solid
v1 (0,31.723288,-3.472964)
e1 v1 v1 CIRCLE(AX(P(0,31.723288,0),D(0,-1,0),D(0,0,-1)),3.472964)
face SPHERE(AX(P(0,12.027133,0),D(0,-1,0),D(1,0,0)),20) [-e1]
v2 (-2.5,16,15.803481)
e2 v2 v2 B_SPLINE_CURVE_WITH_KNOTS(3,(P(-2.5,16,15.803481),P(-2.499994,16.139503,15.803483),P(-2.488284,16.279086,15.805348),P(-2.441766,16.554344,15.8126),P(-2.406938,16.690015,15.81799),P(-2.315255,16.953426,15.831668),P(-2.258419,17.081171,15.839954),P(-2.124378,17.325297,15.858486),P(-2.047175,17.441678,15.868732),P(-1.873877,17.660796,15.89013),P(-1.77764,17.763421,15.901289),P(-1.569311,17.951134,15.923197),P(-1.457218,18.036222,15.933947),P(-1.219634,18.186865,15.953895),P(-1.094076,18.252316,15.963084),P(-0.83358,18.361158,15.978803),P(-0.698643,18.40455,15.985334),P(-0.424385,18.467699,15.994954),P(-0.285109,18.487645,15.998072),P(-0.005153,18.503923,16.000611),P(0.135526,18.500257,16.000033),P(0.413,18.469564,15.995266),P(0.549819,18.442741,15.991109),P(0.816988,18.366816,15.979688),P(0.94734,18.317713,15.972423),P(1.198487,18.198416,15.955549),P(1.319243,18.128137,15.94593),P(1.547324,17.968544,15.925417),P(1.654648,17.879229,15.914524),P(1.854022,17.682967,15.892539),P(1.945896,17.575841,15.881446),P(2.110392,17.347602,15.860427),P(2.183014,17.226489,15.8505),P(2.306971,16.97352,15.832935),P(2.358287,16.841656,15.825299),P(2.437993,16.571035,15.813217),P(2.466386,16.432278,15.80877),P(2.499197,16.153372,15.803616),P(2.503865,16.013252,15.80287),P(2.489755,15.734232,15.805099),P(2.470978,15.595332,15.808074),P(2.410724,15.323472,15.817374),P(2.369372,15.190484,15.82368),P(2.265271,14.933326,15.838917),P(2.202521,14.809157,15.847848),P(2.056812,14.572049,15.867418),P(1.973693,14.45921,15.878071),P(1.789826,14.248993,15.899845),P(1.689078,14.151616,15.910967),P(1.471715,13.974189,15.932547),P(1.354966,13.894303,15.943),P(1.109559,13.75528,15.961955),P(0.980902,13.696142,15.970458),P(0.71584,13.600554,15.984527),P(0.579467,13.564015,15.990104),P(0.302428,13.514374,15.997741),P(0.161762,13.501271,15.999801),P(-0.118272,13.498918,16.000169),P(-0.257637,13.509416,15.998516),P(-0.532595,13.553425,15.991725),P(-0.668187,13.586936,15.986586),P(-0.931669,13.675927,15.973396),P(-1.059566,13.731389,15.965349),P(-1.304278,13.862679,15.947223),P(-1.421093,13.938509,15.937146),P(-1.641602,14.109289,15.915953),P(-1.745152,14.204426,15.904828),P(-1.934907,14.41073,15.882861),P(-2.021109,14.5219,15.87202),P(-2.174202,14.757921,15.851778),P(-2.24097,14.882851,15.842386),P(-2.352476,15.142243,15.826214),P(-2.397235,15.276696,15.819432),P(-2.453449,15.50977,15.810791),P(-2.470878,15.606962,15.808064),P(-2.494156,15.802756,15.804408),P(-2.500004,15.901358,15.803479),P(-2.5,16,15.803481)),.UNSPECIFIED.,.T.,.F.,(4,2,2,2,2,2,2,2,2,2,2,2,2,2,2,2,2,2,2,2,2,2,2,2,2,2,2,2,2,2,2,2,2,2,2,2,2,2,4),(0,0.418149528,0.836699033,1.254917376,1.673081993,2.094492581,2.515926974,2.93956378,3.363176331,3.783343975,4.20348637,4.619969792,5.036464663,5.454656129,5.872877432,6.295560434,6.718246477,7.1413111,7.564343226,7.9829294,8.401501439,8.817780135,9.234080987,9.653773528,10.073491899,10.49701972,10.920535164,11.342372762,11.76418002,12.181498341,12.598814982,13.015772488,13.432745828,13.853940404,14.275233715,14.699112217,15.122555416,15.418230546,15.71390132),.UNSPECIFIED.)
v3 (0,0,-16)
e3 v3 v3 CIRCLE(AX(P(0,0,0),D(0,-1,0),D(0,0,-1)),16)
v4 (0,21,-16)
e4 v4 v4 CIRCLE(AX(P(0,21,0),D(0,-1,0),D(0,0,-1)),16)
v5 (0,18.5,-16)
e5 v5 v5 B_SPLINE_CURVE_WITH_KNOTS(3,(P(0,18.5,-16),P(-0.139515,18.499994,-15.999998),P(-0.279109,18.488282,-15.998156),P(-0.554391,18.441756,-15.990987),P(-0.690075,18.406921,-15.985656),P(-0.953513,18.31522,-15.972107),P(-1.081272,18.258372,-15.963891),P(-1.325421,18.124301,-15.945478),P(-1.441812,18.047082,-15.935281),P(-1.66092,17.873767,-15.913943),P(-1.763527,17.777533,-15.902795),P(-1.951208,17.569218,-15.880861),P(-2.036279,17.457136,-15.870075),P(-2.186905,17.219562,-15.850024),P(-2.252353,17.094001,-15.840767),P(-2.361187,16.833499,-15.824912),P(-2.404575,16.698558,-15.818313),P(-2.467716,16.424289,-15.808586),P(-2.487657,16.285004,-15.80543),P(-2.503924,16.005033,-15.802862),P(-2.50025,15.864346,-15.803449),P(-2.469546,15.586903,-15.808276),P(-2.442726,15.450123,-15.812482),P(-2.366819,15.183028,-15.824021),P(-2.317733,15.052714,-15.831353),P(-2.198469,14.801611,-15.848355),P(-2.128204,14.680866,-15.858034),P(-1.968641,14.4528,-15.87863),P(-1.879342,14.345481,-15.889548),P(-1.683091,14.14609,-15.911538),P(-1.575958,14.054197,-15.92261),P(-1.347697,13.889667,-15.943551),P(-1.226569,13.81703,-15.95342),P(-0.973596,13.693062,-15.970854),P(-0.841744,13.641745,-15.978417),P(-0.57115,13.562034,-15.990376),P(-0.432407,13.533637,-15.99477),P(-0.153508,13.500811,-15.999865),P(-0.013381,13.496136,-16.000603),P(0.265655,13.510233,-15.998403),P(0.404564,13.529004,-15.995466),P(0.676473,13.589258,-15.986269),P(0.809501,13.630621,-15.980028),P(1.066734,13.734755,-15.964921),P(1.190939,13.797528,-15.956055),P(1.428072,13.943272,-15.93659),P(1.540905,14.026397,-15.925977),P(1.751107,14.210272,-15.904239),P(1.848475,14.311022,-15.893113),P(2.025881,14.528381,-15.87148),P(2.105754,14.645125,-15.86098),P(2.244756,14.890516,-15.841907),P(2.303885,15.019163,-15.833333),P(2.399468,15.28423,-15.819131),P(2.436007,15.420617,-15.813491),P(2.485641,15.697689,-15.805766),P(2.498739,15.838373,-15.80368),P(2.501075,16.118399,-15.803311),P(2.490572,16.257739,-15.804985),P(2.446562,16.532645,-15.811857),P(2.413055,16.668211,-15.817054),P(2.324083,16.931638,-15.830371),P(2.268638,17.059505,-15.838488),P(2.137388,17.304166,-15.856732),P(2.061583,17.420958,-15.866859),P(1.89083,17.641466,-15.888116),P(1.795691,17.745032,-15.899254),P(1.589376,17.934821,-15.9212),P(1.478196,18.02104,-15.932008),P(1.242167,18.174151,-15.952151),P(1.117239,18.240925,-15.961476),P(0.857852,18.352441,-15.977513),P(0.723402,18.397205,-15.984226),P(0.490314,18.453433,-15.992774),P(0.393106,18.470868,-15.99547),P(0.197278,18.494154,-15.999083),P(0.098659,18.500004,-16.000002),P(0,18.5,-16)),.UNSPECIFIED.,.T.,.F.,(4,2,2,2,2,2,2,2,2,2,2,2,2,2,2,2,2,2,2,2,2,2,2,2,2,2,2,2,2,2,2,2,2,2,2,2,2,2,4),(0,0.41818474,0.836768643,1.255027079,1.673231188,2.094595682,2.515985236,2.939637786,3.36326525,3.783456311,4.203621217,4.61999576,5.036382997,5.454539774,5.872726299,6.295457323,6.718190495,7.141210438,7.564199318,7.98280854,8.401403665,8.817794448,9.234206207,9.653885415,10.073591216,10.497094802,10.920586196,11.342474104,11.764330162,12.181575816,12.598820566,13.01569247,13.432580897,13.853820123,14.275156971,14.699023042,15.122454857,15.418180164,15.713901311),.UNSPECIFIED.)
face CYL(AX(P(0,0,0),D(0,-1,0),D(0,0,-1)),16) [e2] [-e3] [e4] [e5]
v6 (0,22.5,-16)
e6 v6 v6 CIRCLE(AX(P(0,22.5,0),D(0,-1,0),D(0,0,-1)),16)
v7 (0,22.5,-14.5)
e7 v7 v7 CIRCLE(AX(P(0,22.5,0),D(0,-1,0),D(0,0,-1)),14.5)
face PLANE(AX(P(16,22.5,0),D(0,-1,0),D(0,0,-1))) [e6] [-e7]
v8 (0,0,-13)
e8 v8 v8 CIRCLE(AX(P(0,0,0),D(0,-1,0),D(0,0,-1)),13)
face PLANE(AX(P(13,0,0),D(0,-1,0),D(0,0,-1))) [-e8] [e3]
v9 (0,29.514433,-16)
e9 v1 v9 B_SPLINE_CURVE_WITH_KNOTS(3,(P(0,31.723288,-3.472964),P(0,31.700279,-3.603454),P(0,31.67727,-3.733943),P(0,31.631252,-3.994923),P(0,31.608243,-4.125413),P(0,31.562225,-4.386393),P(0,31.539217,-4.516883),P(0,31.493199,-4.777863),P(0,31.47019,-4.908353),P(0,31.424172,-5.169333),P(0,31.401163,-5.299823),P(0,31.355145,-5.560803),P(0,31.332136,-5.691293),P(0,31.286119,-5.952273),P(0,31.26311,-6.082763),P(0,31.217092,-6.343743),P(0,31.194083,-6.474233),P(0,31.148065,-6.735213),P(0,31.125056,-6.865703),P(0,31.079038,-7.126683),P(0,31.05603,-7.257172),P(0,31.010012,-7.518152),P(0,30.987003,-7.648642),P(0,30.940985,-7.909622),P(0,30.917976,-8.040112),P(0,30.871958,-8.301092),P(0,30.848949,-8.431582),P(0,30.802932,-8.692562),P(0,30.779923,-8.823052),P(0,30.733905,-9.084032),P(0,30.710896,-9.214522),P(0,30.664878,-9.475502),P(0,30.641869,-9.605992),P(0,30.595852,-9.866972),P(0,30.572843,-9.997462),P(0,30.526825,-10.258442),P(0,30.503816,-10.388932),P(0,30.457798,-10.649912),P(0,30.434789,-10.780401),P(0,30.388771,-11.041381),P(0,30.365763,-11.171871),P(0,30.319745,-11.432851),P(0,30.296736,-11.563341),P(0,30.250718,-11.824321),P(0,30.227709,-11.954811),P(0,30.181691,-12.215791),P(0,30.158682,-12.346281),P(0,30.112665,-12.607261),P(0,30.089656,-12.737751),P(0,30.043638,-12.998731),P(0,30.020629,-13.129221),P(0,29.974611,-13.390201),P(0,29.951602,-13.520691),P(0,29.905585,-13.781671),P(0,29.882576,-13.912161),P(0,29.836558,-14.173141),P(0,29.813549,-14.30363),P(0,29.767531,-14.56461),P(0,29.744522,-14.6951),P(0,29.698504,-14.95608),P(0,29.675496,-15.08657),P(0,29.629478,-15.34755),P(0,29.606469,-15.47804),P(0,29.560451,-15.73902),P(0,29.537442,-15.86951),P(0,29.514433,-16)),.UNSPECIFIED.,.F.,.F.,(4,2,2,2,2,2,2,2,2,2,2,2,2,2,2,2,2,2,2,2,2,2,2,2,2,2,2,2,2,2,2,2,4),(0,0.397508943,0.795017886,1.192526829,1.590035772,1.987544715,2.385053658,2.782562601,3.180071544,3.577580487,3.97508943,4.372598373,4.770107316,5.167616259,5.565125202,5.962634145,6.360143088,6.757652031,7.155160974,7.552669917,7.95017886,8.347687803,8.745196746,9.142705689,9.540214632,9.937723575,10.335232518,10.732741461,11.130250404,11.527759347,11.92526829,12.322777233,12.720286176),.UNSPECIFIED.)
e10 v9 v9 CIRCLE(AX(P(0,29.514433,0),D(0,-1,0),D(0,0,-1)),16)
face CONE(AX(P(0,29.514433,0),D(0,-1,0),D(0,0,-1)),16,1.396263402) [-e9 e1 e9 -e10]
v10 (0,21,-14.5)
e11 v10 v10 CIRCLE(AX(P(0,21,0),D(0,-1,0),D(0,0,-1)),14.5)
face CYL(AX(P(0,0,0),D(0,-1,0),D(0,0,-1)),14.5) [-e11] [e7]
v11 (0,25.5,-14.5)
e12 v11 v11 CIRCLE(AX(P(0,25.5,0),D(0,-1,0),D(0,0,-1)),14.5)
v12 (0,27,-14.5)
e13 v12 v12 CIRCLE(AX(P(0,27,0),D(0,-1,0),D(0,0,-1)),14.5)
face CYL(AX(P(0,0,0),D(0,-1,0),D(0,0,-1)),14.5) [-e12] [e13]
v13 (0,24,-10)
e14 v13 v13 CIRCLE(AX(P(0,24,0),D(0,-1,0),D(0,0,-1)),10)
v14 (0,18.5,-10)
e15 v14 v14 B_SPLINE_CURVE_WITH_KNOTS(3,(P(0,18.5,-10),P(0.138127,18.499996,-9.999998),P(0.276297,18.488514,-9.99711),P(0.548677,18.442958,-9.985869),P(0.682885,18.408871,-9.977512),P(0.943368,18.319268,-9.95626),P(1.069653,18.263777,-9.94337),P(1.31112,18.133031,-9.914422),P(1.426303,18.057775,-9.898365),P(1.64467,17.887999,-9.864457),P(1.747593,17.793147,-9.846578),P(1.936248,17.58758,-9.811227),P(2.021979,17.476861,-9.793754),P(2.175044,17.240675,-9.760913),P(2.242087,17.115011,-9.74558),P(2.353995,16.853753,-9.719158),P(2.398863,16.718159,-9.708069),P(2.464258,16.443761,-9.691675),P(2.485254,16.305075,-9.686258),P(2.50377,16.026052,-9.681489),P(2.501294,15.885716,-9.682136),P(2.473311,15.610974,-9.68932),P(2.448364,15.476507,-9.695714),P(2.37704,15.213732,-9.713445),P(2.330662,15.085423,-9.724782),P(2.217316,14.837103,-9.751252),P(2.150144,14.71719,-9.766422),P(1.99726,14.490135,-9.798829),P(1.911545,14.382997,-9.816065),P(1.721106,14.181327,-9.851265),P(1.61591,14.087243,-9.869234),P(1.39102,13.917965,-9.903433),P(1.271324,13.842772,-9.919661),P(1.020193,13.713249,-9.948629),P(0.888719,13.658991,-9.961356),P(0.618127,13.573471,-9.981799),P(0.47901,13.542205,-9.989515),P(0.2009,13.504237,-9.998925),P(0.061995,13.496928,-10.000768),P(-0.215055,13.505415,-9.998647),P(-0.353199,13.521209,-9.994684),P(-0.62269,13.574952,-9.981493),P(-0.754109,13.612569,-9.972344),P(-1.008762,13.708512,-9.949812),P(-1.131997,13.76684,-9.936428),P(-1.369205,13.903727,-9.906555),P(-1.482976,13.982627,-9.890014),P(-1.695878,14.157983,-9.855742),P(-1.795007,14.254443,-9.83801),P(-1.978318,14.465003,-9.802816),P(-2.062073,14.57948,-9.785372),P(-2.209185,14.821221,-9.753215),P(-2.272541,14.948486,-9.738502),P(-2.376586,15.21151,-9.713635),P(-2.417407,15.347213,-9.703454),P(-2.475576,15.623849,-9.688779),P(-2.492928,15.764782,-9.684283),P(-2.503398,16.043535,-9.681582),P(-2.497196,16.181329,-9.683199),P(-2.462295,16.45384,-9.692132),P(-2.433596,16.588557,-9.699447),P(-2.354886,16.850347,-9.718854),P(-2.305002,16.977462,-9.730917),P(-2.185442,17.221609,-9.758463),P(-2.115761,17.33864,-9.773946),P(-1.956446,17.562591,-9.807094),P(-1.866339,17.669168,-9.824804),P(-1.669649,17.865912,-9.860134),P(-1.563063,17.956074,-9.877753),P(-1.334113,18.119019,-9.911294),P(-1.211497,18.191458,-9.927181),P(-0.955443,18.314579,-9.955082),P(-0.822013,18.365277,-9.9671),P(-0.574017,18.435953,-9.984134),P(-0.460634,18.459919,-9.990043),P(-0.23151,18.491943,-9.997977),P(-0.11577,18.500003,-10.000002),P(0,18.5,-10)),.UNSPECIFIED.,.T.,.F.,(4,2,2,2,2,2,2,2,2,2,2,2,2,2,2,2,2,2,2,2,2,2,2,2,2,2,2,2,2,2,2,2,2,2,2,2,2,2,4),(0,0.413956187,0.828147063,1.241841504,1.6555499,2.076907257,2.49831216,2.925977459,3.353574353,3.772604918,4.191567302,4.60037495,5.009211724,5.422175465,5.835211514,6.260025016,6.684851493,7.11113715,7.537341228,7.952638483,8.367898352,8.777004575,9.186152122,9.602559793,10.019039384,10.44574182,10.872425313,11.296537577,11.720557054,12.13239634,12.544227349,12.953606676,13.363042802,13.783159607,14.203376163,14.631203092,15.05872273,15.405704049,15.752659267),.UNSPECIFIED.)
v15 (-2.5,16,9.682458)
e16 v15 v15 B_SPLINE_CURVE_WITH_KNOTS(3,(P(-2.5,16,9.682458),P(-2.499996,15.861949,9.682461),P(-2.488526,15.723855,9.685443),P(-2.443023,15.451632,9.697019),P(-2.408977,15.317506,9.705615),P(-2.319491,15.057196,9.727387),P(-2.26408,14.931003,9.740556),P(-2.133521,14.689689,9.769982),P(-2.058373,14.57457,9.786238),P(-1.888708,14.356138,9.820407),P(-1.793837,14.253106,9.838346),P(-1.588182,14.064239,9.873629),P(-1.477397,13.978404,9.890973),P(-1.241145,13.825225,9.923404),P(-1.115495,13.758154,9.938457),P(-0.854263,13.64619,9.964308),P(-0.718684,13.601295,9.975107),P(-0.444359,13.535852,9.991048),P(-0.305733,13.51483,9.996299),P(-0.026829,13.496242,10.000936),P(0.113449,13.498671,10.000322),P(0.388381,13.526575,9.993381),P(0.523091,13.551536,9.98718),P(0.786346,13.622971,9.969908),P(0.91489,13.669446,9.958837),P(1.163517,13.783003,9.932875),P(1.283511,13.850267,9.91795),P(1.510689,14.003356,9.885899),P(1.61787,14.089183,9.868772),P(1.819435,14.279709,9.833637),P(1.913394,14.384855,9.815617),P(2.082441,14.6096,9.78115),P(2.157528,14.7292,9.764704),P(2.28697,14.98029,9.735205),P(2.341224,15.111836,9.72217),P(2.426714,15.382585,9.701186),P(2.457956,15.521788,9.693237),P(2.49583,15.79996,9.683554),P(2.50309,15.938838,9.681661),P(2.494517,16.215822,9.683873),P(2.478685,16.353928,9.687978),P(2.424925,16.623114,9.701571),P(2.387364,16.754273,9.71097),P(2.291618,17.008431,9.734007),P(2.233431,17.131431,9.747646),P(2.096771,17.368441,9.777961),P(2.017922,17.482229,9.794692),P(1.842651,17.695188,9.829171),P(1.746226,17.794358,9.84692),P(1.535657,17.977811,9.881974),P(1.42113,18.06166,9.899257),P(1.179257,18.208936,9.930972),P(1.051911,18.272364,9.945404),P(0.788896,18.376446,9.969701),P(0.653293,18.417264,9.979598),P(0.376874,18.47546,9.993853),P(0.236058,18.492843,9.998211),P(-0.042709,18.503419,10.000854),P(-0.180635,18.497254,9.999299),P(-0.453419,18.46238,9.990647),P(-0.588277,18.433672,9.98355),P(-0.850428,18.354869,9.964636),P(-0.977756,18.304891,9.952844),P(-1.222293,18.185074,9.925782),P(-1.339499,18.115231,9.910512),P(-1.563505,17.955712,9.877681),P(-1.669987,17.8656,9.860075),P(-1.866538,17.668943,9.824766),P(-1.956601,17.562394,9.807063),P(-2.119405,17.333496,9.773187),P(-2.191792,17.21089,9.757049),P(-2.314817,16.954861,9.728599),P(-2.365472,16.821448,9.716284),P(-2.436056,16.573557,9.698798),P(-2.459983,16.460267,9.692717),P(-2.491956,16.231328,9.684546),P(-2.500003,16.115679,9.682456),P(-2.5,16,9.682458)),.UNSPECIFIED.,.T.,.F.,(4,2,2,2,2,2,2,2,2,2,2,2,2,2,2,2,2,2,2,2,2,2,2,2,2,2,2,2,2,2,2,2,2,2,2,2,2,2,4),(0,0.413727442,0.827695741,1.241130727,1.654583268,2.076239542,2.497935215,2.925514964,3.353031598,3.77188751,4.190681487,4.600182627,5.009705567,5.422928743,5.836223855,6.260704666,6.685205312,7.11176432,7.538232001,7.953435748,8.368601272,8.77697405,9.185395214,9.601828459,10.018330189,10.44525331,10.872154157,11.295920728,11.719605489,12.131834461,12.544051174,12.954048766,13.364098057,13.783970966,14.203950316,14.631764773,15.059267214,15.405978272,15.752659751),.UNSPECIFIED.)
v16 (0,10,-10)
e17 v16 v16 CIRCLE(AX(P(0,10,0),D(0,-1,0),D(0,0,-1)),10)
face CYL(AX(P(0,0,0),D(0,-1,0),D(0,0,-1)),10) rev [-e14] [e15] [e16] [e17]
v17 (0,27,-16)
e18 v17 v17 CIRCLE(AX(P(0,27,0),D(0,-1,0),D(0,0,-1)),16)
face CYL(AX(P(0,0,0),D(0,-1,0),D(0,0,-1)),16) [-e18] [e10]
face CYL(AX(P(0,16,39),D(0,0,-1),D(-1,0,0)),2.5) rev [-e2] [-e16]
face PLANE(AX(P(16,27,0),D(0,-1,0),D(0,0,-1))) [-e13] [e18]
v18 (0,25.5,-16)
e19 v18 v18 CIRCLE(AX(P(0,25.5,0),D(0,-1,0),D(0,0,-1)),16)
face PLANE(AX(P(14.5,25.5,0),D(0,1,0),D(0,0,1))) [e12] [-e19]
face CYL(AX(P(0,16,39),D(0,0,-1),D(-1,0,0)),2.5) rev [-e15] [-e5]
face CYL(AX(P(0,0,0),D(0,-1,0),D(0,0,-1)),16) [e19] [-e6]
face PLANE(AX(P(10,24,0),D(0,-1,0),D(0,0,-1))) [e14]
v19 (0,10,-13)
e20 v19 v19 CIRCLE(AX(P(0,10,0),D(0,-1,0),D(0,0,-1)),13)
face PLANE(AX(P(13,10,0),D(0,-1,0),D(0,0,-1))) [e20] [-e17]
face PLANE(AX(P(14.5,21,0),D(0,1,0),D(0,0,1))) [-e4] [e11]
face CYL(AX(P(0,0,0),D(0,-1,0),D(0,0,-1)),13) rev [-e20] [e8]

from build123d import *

# Parameters (mm, degrees)
CUT_EXTRUDE1_DEPTH      = 39
CUT_EXTRUDE1_DEPTH_BACK = 50
SKETCH2_R               = 2.5


with BuildPart() as part:
    # Sketch1 → Revolve2 (revolve)
    with BuildSketch(Plane.XY, mode=Mode.PRIVATE) as revolve2_sk:
        with BuildLine():
            Line((13, 0), (13, 10))
            Line((13, 10), (10, 10))
            Line((10, 10), (10, 24))
            Line((10, 24), (0, 24))
            Line((0, 24), (0, 32))
            Line((0, 32), (0, 32.027132664))
            ThreePointArc((0, 32.027132664), (1.743114855, 31.951026626), (3.472963553, 31.723287724))
            Line((3.472963553, 31.723287724), (16, 29.51443321))
            Line((16, 29.51443321), (16, 27))
            Line((16, 27), (14.5, 27))
            Line((14.5, 27), (14.5, 25.5))
            Line((14.5, 25.5), (16, 25.5))
            Line((16, 25.5), (16, 22.5))
            Line((16, 22.5), (14.5, 22.5))
            Line((14.5, 22.5), (14.5, 21))
            Line((14.5, 21), (16, 21))
            Line((16, 21), (16, 0))
            Line((16, 0), (13, 0))
        make_face()
    revolve(revolve2_sk.sketch.rotate(Axis((0, 0, 0), (0, 1, 0)), 90), axis=Axis((0, 0, 0), (0, 1, 0)))

    # Sketch2 → Cut-Extrude1 (cut, two sides: drawn at the far end of the back side and taken through both)
    with BuildSketch(Plane.XY.offset(-CUT_EXTRUDE1_DEPTH_BACK)):
        with Locations(Location((0, 16, 0), (0, 0, 180))):
            Circle(SKETCH2_R)
    extrude(amount=CUT_EXTRUDE1_DEPTH + CUT_EXTRUDE1_DEPTH_BACK, mode=Mode.SUBTRACT)


solid = part.part
